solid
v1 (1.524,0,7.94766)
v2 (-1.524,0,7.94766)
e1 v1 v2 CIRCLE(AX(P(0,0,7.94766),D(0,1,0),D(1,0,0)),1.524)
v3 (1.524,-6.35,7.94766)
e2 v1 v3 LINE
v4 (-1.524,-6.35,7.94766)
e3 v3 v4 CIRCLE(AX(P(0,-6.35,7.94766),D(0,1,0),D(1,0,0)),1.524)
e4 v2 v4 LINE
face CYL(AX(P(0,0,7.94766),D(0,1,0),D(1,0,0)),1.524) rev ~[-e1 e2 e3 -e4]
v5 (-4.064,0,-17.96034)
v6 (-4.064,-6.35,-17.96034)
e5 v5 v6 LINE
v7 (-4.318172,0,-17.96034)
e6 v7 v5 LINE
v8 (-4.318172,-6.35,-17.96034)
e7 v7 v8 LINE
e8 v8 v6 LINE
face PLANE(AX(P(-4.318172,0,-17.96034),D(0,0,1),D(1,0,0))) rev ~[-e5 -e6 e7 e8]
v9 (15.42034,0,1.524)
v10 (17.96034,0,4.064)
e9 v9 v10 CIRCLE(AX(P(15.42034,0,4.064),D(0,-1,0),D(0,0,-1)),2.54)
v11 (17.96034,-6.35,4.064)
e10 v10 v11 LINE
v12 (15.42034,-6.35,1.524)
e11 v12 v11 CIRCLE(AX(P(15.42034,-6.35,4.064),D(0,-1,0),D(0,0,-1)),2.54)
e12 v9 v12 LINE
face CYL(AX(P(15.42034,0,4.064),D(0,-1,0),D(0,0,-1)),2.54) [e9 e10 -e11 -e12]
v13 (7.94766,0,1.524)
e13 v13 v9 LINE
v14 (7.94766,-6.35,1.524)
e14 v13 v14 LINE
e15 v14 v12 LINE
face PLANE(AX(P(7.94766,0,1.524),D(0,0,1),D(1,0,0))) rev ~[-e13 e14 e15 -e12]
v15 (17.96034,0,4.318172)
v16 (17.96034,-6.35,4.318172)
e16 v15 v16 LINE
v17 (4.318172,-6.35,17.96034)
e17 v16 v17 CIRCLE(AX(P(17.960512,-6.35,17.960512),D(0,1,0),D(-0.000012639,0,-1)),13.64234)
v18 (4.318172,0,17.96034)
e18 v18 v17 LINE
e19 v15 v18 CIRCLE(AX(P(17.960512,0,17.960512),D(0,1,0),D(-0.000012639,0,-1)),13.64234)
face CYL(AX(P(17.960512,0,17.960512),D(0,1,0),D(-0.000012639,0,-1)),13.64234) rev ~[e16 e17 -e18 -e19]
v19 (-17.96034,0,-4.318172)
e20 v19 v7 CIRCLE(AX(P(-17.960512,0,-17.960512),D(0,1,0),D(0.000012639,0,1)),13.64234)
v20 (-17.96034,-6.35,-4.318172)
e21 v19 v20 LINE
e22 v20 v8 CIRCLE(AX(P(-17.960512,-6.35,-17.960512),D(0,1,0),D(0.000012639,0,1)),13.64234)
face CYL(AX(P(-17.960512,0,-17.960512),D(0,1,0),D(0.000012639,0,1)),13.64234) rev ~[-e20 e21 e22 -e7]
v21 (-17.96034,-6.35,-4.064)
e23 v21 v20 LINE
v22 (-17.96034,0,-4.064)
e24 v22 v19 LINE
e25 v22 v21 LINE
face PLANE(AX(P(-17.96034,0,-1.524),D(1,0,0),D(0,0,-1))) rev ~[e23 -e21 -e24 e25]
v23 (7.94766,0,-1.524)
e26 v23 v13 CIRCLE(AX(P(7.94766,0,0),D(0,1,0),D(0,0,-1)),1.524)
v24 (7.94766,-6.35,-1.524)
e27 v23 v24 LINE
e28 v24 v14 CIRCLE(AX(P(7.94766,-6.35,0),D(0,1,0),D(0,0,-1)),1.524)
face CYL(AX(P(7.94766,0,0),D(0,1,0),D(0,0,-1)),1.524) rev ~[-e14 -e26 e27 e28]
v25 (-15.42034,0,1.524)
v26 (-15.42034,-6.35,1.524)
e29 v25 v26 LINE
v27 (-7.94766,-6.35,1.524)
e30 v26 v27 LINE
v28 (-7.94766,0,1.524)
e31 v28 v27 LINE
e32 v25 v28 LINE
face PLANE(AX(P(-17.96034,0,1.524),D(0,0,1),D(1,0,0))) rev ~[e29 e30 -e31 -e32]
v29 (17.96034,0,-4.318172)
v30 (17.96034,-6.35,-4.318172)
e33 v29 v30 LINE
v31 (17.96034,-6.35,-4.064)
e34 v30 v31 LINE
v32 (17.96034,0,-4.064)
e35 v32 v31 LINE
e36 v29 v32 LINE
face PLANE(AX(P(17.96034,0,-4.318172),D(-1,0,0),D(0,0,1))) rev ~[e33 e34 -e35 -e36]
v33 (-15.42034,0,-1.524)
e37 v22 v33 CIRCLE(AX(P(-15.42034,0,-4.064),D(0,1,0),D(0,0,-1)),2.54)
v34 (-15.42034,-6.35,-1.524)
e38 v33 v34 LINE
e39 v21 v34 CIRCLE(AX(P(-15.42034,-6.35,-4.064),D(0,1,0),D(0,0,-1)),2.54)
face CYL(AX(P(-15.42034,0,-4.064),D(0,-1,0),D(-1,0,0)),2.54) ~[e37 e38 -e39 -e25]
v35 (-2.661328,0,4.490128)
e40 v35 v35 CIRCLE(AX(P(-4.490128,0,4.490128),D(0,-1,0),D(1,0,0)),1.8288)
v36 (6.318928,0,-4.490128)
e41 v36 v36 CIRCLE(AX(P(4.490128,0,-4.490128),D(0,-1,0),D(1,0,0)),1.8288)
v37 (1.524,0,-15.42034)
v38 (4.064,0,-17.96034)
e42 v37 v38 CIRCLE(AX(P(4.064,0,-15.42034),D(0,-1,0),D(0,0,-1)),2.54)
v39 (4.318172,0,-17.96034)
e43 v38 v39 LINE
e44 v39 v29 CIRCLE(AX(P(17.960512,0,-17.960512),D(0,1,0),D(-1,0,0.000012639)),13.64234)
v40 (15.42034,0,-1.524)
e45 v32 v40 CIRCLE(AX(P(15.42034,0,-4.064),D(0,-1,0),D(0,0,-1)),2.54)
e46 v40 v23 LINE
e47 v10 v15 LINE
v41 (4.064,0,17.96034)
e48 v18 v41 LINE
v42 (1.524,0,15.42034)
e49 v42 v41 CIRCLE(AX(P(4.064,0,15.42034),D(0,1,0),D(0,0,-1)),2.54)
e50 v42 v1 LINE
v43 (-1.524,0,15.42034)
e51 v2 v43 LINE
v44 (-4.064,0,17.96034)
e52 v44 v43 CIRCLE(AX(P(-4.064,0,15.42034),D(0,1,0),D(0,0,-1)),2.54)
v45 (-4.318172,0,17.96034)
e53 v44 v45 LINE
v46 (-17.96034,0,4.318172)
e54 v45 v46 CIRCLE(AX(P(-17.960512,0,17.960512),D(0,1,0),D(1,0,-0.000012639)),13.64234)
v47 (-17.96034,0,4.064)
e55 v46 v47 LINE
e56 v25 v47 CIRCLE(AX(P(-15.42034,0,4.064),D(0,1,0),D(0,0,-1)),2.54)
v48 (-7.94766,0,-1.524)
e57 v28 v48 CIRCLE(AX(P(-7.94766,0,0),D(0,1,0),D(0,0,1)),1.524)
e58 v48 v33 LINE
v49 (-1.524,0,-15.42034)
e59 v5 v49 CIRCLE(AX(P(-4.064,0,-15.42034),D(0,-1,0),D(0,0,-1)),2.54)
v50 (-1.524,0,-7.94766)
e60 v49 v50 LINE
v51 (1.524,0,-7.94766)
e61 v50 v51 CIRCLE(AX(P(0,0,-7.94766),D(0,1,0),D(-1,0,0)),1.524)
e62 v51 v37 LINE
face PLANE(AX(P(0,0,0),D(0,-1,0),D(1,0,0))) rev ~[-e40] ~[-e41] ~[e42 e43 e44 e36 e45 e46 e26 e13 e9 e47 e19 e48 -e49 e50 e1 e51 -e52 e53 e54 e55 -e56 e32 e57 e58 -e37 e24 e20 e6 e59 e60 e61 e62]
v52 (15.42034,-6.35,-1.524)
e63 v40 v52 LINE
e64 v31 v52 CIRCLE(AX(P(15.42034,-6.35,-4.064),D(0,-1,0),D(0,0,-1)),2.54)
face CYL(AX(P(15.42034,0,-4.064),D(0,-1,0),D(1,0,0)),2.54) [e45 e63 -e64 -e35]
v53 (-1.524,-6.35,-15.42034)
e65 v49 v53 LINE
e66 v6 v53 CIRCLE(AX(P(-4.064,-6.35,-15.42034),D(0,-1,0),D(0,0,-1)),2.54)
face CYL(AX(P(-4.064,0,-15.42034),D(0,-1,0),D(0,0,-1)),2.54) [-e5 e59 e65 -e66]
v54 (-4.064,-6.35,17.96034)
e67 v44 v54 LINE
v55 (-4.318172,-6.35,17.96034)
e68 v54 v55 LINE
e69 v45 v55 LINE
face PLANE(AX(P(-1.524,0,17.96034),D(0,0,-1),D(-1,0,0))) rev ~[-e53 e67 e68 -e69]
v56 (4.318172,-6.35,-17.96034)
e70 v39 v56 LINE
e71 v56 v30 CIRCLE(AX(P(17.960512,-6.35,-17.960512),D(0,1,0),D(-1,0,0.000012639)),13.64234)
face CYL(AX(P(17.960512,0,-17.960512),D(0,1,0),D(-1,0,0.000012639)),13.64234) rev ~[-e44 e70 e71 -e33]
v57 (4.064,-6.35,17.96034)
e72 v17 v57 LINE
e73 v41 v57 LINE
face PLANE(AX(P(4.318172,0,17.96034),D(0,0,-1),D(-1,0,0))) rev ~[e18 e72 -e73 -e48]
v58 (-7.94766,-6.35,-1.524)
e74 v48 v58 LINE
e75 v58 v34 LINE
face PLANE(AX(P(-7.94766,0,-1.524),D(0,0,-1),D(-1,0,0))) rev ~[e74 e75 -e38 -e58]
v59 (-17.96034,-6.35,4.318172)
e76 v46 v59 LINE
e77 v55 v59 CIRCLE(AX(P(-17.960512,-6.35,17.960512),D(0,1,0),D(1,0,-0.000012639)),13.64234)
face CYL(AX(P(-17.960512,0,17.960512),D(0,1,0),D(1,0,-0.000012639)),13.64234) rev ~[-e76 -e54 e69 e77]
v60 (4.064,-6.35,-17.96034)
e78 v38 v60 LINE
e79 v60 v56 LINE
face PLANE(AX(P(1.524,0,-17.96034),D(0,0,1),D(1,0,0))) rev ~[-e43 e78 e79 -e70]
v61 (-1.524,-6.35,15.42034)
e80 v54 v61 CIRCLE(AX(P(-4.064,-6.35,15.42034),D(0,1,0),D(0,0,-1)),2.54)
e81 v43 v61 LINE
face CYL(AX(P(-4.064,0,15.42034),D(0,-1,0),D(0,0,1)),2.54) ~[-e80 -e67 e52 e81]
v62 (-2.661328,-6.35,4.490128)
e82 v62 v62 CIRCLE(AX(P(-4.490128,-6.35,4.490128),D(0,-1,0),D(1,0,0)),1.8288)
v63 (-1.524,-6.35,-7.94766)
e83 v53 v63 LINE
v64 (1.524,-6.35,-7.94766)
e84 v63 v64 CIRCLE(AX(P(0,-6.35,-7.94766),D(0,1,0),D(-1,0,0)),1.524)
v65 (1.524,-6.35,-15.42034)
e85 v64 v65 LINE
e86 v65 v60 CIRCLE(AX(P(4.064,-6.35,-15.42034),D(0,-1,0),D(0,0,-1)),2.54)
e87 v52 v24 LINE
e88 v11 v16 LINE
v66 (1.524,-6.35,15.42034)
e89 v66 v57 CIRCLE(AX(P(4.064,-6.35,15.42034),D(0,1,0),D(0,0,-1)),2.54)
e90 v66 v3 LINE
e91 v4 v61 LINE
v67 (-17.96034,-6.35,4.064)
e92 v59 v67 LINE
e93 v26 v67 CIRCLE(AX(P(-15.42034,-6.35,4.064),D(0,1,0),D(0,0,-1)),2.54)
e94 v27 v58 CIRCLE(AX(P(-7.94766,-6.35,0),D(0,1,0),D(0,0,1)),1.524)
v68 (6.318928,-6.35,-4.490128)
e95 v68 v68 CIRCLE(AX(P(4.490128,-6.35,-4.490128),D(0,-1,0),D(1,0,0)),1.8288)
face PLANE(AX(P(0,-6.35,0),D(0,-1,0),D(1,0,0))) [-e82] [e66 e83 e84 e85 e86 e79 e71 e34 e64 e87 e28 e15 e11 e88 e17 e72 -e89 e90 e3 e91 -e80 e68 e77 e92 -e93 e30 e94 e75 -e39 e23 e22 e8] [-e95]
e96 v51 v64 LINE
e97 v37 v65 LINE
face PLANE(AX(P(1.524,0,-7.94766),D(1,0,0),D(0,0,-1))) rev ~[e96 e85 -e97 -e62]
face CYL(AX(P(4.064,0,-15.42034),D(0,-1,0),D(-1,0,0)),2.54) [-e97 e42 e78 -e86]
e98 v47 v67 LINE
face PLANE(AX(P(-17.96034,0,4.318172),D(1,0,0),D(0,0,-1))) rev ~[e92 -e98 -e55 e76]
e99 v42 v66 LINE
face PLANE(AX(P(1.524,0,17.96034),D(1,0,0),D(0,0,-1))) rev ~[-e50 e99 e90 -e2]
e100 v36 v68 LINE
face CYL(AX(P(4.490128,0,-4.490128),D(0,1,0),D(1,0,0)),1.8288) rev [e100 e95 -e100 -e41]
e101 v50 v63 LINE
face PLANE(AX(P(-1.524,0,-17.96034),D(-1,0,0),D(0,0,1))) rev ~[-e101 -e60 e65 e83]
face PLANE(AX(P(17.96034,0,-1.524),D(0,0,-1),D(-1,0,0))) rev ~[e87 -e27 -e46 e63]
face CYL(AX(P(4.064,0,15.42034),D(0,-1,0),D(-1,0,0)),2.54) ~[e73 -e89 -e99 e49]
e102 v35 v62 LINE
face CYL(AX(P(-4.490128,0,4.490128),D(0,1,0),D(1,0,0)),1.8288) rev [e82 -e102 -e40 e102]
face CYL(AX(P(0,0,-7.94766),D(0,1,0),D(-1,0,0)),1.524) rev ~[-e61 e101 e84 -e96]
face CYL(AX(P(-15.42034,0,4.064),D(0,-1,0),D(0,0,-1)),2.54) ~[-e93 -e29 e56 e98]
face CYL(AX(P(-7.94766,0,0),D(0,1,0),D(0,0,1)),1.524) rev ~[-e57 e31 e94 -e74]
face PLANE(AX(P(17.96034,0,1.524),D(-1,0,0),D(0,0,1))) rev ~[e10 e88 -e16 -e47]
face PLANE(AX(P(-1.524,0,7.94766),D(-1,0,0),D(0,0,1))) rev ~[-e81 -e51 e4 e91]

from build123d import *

# Parameters (mm, degrees)
F0_R     = 1.8288
F1_DEPTH = 6.35
F2_R     = 2.54


with BuildPart() as f1:
    # F0 (on Front) → F1 (new body)
    with BuildSketch(Plane.XZ):
        with BuildLine():
            Line((-4.318172, -17.96034), (-1.524, -17.96034))
            Line((-1.524, -17.96034), (-1.524, -7.94766))
            ThreePointArc((-1.524, -7.94766), (0, -6.42366), (1.524, -7.94766))
            Line((1.524, -7.94766), (1.524, -17.96034))
            Line((1.524, -17.96034), (4.318172, -17.96034))
            ThreePointArc((4.318172, -17.96034), (8.313921, -8.313921), (17.96034, -4.318172))
            Line((17.96034, -4.318172), (17.96034, -1.524))
            Line((17.96034, -1.524), (7.94766, -1.524))
            ThreePointArc((7.94766, -1.524), (6.42366, 0), (7.94766, 1.524))
            Line((7.94766, 1.524), (17.96034, 1.524))
            Line((17.96034, 1.524), (17.96034, 4.318172))
            ThreePointArc((17.96034, 4.318172), (8.313921, 8.313921), (4.318172, 17.96034))
            Line((4.318172, 17.96034), (1.524, 17.96034))
            Line((1.524, 17.96034), (1.524, 7.94766))
            ThreePointArc((1.524, 7.94766), (0, 6.42366), (-1.524, 7.94766))
            Line((-1.524, 7.94766), (-1.524, 17.96034))
            Line((-1.524, 17.96034), (-4.318172, 17.96034))
            ThreePointArc((-4.318172, 17.96034), (-8.313921, 8.313921), (-17.96034, 4.318172))
            Line((-17.96034, 4.318172), (-17.96034, 1.524))
            Line((-17.96034, 1.524), (-7.94766, 1.524))
            ThreePointArc((-7.94766, 1.524), (-6.42366, 0), (-7.94766, -1.524))
            Line((-7.94766, -1.524), (-17.96034, -1.524))
            Line((-17.96034, -1.524), (-17.96034, -4.318172))
            ThreePointArc((-17.96034, -4.318172), (-8.313921, -8.313921), (-4.318172, -17.96034))
        make_face()
        with Locations((4.490128, -4.490128)):
            Circle(F0_R, mode=Mode.SUBTRACT)
        with Locations((-4.490128, 4.490128)):
            Circle(F0_R, mode=Mode.SUBTRACT)
    extrude(amount=F1_DEPTH)

    # F2
    f2_edges = [f1.edges().sort_by_distance(p)[0] for p in [
        (-1.524, -3.175, -17.96034),
        (1.524, -3.175, -17.96034),
        (-17.96034, -3.175, 1.524),
        (17.96034, -3.175, 1.524),
        (-17.96034, -3.175, -1.524),
        (17.96034, -3.175, -1.524),
        (1.524, -3.175, 17.96034),
        (-1.524, -3.175, 17.96034),
    ]]
    fillet(f2_edges, radius=F2_R)


solid = f1.part
